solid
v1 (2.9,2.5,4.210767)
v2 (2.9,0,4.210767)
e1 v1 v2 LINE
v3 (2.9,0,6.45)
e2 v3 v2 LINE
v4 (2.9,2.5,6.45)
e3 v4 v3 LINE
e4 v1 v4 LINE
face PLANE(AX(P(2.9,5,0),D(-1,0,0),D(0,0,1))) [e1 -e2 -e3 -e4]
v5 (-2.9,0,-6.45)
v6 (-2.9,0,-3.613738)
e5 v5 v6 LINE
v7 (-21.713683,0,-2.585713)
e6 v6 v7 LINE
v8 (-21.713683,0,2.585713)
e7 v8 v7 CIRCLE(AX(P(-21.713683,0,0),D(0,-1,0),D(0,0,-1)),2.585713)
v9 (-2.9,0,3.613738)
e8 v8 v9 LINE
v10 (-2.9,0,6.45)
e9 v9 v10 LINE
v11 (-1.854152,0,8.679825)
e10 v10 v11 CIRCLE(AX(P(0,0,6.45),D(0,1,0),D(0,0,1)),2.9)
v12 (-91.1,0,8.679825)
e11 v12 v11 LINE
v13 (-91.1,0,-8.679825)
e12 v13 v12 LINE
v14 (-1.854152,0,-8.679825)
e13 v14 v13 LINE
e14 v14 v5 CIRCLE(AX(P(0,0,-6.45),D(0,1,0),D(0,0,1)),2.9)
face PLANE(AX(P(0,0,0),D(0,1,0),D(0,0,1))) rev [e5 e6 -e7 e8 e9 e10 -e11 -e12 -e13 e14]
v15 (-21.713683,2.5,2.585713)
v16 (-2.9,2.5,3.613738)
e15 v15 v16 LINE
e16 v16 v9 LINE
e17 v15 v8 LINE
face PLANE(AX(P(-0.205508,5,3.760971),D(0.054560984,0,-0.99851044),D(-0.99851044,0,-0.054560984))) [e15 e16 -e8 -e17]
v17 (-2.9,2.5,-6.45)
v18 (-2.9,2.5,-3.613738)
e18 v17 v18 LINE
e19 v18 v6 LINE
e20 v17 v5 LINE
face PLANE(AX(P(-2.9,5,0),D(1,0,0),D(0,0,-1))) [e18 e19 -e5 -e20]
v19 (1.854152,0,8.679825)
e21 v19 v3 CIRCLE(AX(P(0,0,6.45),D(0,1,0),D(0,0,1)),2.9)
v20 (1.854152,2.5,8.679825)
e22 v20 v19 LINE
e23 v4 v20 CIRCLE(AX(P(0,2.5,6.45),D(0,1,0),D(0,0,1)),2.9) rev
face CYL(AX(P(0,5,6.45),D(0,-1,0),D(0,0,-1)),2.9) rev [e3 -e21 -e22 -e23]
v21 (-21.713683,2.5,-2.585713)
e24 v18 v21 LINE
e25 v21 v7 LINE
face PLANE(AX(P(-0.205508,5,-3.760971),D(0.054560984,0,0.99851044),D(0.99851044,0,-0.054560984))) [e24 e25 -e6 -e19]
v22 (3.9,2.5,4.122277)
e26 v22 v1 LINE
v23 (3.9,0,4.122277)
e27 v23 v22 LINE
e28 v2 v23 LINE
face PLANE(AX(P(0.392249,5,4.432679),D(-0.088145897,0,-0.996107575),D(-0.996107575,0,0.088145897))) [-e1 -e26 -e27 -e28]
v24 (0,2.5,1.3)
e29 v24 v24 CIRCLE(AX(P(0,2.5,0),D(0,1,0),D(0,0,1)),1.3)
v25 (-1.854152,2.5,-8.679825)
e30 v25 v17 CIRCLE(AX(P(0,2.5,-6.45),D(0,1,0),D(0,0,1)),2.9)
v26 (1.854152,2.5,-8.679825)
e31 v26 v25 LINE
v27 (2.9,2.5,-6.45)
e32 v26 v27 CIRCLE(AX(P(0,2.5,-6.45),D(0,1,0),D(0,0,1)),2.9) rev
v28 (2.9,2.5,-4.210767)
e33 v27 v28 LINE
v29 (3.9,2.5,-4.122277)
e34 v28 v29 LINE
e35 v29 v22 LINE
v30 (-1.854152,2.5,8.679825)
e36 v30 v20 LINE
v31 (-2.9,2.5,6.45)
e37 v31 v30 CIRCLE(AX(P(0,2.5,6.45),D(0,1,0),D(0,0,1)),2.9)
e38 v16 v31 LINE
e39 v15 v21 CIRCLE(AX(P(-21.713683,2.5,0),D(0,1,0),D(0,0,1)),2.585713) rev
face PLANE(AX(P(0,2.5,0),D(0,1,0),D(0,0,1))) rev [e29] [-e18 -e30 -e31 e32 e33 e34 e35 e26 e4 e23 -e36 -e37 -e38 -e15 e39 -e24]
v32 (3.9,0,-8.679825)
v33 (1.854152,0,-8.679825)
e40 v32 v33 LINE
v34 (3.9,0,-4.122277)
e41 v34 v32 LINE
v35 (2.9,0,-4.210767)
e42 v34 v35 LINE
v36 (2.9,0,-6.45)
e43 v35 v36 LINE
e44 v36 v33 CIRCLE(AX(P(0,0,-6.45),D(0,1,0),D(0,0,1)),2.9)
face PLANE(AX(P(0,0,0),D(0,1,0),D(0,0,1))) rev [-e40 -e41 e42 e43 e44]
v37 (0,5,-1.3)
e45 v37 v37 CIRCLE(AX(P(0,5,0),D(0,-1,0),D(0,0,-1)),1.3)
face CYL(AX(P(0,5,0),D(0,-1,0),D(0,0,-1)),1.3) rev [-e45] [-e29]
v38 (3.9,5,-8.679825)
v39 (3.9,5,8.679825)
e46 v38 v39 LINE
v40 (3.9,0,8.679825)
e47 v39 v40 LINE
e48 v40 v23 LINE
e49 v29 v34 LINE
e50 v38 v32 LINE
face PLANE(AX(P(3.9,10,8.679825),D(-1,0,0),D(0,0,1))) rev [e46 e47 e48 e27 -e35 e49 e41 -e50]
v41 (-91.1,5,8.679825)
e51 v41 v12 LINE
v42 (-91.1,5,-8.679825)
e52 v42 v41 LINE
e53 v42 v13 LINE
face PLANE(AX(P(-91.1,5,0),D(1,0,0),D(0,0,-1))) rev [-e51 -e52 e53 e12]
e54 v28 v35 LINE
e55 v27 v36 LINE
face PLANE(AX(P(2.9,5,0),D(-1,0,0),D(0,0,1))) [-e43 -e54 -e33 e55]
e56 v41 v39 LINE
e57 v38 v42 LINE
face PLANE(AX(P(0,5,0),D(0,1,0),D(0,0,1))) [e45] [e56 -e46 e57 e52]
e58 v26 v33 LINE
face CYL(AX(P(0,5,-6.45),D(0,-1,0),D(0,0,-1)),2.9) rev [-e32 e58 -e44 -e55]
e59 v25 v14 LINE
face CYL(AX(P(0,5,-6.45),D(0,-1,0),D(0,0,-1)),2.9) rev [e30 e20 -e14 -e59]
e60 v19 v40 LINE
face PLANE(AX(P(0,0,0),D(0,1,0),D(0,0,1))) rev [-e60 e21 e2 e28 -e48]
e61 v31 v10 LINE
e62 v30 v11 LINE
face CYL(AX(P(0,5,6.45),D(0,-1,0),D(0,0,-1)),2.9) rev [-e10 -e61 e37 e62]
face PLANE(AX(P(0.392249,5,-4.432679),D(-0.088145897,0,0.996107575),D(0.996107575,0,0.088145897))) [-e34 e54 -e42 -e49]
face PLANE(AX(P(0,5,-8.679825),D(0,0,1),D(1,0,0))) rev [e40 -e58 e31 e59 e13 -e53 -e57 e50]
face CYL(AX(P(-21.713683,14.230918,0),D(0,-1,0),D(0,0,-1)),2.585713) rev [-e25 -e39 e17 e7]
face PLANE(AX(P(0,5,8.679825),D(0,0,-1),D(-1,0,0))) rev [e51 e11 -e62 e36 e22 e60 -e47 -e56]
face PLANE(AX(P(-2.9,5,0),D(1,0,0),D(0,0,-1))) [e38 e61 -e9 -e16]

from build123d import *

# Parameters (mm, degrees)
RESSALTO_EXTRUS_O1_DEPTH = 1.4
ESBO_O2_R                = 3.45
RESSALTO_EXTRUS_O2_DEPTH = 2.4
FURO1_D                  = 1.2
PADR_O_LINEAR1_COUNT     = 6
PADR_O_LINEAR1_PITCH     = 2
RESSALTO_EXTRUS_O3_DEPTH = 1.4
FURO2_D                  = 1.2
PADR_O_LINEAR2_COUNT     = 7
PADR_O_LINEAR2_PITCH     = 2
RESSALTO_EXTRUS_O4_DEPTH = 1.4
FURO3_D                  = 1.2
PADR_O_LINEAR3_COUNT     = 2
PADR_O_LINEAR3_PITCH     = 2
PADR_OCIRCULAR1_COUNT    = 2
PADR_OCIRCULAR1_COPY_1_D = 1.2
FURO4_D                  = 4.95
FURO4_DEPTH              = 2
FURO5_D                  = 4.6
FURO5_DEPTH              = 1
FURO6_D                  = 2.1
RESSALTO_EXTRUS_O5_START = -2
RESSALTO_EXTRUS_O5_DEPTH = 2
PADR_OCIRCULAR2_COUNT    = 60
BOSS_EXTRUDE1_DEPTH      = 5
BOSS_EXTRUDE1_2_DEPTH    = 5
BOSS_EXTRUDE1_3_DEPTH    = 5
SKETCH2_W                = 100
SKETCH2_H                = 17.359649926
BOSS_EXTRUDE2_DEPTH      = 2.5
SKETCH3_R                = 1.3
CUT_EXTRUDE1_DEPTH       = 92.764859077
SKETCH4_W                = 52.17150673
SKETCH4_H                = 37.712890546
CUT_EXTRUDE2_DEPTH       = 92.649055431
CUT_EXTRUDE3_DEPTH       = 2.5
SKETCH6_W                = 5
SKETCH6_H                = 17.359649926
CUT_EXTRUDE5_DEPTH       = 10


with BuildPart() as part:
    # Esboço1 → Ressalto-extrusão1 (new body)
    with BuildSketch(Plane(origin=(0, 0, 0), x_dir=(1, 0, 0), z_dir=(0, 1, 0))):
        with BuildLine():
            Line((-14.159121967, 1.99702088), (-2.209072203, 2.65))
            ThreePointArc((-2.209072203, 2.65), (3.45, 0), (-2.209072203, -2.65))
            Line((-2.209072203, -2.65), (-14.159121967, -1.99702088))
            ThreePointArc((-14.159121967, -1.99702088), (-16.05, 0), (-14.159121967, 1.99702088))
        make_face()
    extrude(amount=-RESSALTO_EXTRUS_O1_DEPTH)

    # Esboço2 → Ressalto-extrusão2 (add)
    with BuildSketch(Plane.XZ.offset(1.4)):
        with Locations(Location((0, 0, 0), (0, 0, 90))):
            Circle(ESBO_O2_R)
    extrude(amount=RESSALTO_EXTRUS_O2_DEPTH)

    # Furo1 (through all)
    with Locations(Plane(origin=(0, 0, 0), x_dir=(1, 0, 0), z_dir=(0, 1, 0))):
        with Locations((-14.45, 0)):
            furo1 = Hole(FURO1_D / 2)

    # Padrão linear1: Furo1 ×6
    with Locations(*[(i * PADR_O_LINEAR1_PITCH, 0, 0) for i in range(1, PADR_O_LINEAR1_COUNT)]):
        add(furo1, mode=Mode.SUBTRACT)

    # Esboço12 → Ressalto-extrusão3 (add)
    with BuildSketch(Plane(origin=(0, 0, 0), x_dir=(1, 0, 0), z_dir=(0, 1, 0))):
        with BuildLine():
            Line((0.304103343, 3.436571134), (16.626291793, 1.99221515))
            ThreePointArc((16.626291793, 1.99221515), (18.45, 0), (16.626291793, -1.99221515))
            Line((16.626291793, -1.99221515), (0.304103343, -3.436571134))
            ThreePointArc((0.304103343, -3.436571134), (3.45, 0), (0.304103343, 3.436571134))
        make_face()
    extrude(amount=-RESSALTO_EXTRUS_O3_DEPTH)

    # Furo2 (through all)
    with Locations(Plane(origin=(0, 0, 0), x_dir=(1, 0, 0), z_dir=(0, 1, 0))):
        with Locations((16.85, 0)):
            furo2 = Hole(FURO2_D / 2)

    # Padrão linear2: Furo2 ×7
    with Locations(*[(-i * PADR_O_LINEAR2_PITCH, 0, 0) for i in range(1, PADR_O_LINEAR2_COUNT)]):
        add(furo2, mode=Mode.SUBTRACT)

    # Esboço16 → Ressalto-extrusão4 (add)
    with BuildSketch(Plane(origin=(0, 0, 0), x_dir=(1, 0, 0), z_dir=(0, 1, 0))):
        with BuildLine():
            Line((-1.9, -6.45), (-1.9, 6.45))
            ThreePointArc((-1.9, 6.45), (0, 8.35), (1.9, 6.45))
            Line((1.9, 6.45), (1.9, -6.45))
            ThreePointArc((1.9, -6.45), (0, -8.35), (-1.9, -6.45))
        make_face()
    extrude(amount=-RESSALTO_EXTRUS_O4_DEPTH)

    # Furo3 (through all)
    with Locations(Plane(origin=(0, 0, 0), x_dir=(1, 0, 0), z_dir=(0, 1, 0))):
        with Locations((0, -6.45)):
            furo3 = Hole(FURO3_D / 2)

    # Padrão linear3: Furo3 ×2
    with Locations(*[(0, 0, -i * PADR_O_LINEAR3_PITCH) for i in range(1, PADR_O_LINEAR3_COUNT)]):
        add(furo3, mode=Mode.SUBTRACT)

    # PadrãoCircular1: Furo3 ×2 about axis
    padr_ocircular1_axis = Axis((0, 0, 0), (0, 1, 0))
    for i in range(1, PADR_OCIRCULAR1_COUNT):
        add(furo3.rotate(padr_ocircular1_axis, i * 360 / PADR_OCIRCULAR1_COUNT), mode=Mode.SUBTRACT)

    # PadrãoCircular1 copy 1 (through all)
    with Locations(Plane(origin=(0, 0, 2), x_dir=(-1, 0, 0), z_dir=(0, 1, 0))):
        with Locations((0, -6.45)):
            Hole(PADR_OCIRCULAR1_COPY_1_D / 2)

    # Furo4
    with Locations(Plane(origin=(0, -3.8, 0), x_dir=(-1, 0, 0), z_dir=(0, -1, 0))):
        with Locations((0, 0)):
            Hole(FURO4_D / 2, depth=FURO4_DEPTH)

    # Furo5
    with Locations(Plane(origin=(0, 0, 0), x_dir=(1, 0, 0), z_dir=(0, 1, 0))):
        with Locations((0, 0)):
            Hole(FURO5_D / 2, depth=FURO5_DEPTH)

    # Furo6 (through all)
    with Locations(Plane(origin=(0, 0, 0), x_dir=(1, 0, 0), z_dir=(0, 1, 0))):
        with Locations((0, 0)):
            Hole(FURO6_D / 2)

    # Esboço11 → Ressalto-extrusão5 (add)
    with BuildSketch(Plane.XZ.offset(3.8).offset(RESSALTO_EXTRUS_O5_START)):
        with BuildLine():
            Line((-0.098056786, 2.473056786), (0, 2.375))
            Line((0, 2.375), (0.098056786, 2.473056786))
            ThreePointArc((0.098056786, 2.473056786), (0, 2.475), (-0.098056786, 2.473056786))
        make_face()
    ressalto_extrus_o5 = extrude(amount=RESSALTO_EXTRUS_O5_DEPTH)

    # PadrãoCircular2: Ressalto-extrusão5 ×60 about axis
    padr_ocircular2_axis = Axis((0, 0, 0), (0, 1, 0))
    for i in range(1, PADR_OCIRCULAR2_COUNT):
        add(ressalto_extrus_o5.rotate(padr_ocircular2_axis, i * 360 / PADR_OCIRCULAR2_COUNT))


with BuildPart() as body_2:
    # Sketch1 → Boss-Extrude1 (new body)
    with BuildSketch(Plane(origin=(0, 0, 0), x_dir=(1, 0, 0), z_dir=(0, 1, 0))):
        with BuildLine():
            ThreePointArc((-2.9, 6.45), (-2.625551521, 7.681454104), (-1.854152269, 8.679824963))
            Line((-1.854152269, 8.679824963), (-91.1, 8.679824963))
            Line((-91.1, 8.679824963), (-91.1, -8.679824963))
            Line((-91.1, -8.679824963), (-1.854152269, -8.679824963))
            ThreePointArc((-1.854152269, -8.679824963), (-2.625551521, -7.681454104), (-2.9, -6.45))
            Line((-2.9, -6.45), (-2.9, -3.613737845))
            Line((-2.9, -3.613737845), (-14.213682951, -2.99553132))
            ThreePointArc((-14.213682951, -2.99553132), (-17.05, 0), (-14.213682951, 2.99553132))
            Line((-14.213682951, 2.99553132), (-2.9, 3.613737845))
            Line((-2.9, 3.613737845), (-2.9, 6.45))
        make_face()
    extrude(amount=BOSS_EXTRUDE1_DEPTH)



with BuildPart() as body_3:
    # Sketch1 → Boss-Extrude1 2 (new body)
    with BuildSketch(Plane(origin=(0, 0, 0), x_dir=(1, 0, 0), z_dir=(0, 1, 0))):
        with BuildLine():
            Line((2.9, 4.210766995), (8.9, 3.679824963))
            Line((8.9, 3.679824963), (8.9, 8.679824963))
            Line((8.9, 8.679824963), (1.854152269, 8.679824963))
            ThreePointArc((1.854152269, 8.679824963), (2.625551521, 7.681454104), (2.9, 6.45))
            Line((2.9, 6.45), (2.9, 4.210766995))
        make_face()
    extrude(amount=BOSS_EXTRUDE1_2_DEPTH)


with BuildPart() as body_4:
    # Sketch1 → Boss-Extrude1 3 (new body)
    with BuildSketch(Plane(origin=(0, 0, 0), x_dir=(1, 0, 0), z_dir=(0, 1, 0))):
        with BuildLine():
            Line((8.9, -8.679824963), (8.9, -3.679824963))
            Line((8.9, -3.679824963), (2.9, -4.210766995))
            Line((2.9, -4.210766995), (2.9, -6.45))
            ThreePointArc((2.9, -6.45), (2.625551521, -7.681454104), (1.854152269, -8.679824963))
            Line((1.854152269, -8.679824963), (8.9, -8.679824963))
        make_face()
    extrude(amount=BOSS_EXTRUDE1_3_DEPTH)


with BuildPart() as body_2_1:
    add(body_2.part)

    add(body_3.part)  # Boss-Extrude2 merges body 3

    add(body_4.part)  # Boss-Extrude2 merges body 4
    # Sketch2 → Boss-Extrude2 (add)
    with BuildSketch(Plane(origin=(0, 5, 0), x_dir=(1, 0, 0), z_dir=(0, 1, 0))):
        with Locations((-41.1, 0)):
            Rectangle(SKETCH2_W, SKETCH2_H)
    extrude(amount=-BOSS_EXTRUDE2_DEPTH)


with BuildPart() as cut_extrude1_tool:
    # Sketch3 → Cut-Extrude1 (new, through all)
    with BuildSketch(Plane.XZ.offset(1.8)):
        with Locations(Location((0, 0, 0), (0, 0, 270))):
            Circle(SKETCH3_R)
    extrude(amount=-CUT_EXTRUDE1_DEPTH)


with BuildPart() as part_1:
    add(part.part)

    # Cut-Extrude1: cut by cut_extrude1_tool
    add(cut_extrude1_tool.part, mode=Mode.SUBTRACT)

    # Sketch4 → Cut-Extrude2 (cut, through all)
    with BuildSketch(Plane.XZ):
        with Locations((5.123033061, -1.807327023)):
            Rectangle(SKETCH4_W, SKETCH4_H)
    extrude(amount=CUT_EXTRUDE2_DEPTH, mode=Mode.SUBTRACT)


with BuildPart() as body_2_2:
    add(body_2_1.part)

    # Cut-Extrude1: cut by cut_extrude1_tool
    add(cut_extrude1_tool.part, mode=Mode.SUBTRACT)

    # Sketch5 → Cut-Extrude3 (cut)
    with BuildSketch(Plane.XZ):
        with BuildLine():
            Line((-14.213682951, 2.99553132), (-21.713682951, 2.585713496))
            ThreePointArc((-21.713682951, 2.585713496), (-24.299396446, 0), (-21.713682951, -2.585713496))
            Line((-21.713682951, -2.585713496), (-14.213682951, -2.99553132))
            Line((-14.213682951, -2.99553132), (-14.213682951, 2.99553132))
        make_face()
    extrude(amount=-CUT_EXTRUDE3_DEPTH, mode=Mode.SUBTRACT)

    # Sketch6 → Cut-Extrude5 (cut)
    with BuildSketch(Plane.XZ):
        with Locations((6.4, 0)):
            Rectangle(SKETCH6_W, SKETCH6_H)
    extrude(amount=-CUT_EXTRUDE5_DEPTH, mode=Mode.SUBTRACT)


solid = body_2_2.part
